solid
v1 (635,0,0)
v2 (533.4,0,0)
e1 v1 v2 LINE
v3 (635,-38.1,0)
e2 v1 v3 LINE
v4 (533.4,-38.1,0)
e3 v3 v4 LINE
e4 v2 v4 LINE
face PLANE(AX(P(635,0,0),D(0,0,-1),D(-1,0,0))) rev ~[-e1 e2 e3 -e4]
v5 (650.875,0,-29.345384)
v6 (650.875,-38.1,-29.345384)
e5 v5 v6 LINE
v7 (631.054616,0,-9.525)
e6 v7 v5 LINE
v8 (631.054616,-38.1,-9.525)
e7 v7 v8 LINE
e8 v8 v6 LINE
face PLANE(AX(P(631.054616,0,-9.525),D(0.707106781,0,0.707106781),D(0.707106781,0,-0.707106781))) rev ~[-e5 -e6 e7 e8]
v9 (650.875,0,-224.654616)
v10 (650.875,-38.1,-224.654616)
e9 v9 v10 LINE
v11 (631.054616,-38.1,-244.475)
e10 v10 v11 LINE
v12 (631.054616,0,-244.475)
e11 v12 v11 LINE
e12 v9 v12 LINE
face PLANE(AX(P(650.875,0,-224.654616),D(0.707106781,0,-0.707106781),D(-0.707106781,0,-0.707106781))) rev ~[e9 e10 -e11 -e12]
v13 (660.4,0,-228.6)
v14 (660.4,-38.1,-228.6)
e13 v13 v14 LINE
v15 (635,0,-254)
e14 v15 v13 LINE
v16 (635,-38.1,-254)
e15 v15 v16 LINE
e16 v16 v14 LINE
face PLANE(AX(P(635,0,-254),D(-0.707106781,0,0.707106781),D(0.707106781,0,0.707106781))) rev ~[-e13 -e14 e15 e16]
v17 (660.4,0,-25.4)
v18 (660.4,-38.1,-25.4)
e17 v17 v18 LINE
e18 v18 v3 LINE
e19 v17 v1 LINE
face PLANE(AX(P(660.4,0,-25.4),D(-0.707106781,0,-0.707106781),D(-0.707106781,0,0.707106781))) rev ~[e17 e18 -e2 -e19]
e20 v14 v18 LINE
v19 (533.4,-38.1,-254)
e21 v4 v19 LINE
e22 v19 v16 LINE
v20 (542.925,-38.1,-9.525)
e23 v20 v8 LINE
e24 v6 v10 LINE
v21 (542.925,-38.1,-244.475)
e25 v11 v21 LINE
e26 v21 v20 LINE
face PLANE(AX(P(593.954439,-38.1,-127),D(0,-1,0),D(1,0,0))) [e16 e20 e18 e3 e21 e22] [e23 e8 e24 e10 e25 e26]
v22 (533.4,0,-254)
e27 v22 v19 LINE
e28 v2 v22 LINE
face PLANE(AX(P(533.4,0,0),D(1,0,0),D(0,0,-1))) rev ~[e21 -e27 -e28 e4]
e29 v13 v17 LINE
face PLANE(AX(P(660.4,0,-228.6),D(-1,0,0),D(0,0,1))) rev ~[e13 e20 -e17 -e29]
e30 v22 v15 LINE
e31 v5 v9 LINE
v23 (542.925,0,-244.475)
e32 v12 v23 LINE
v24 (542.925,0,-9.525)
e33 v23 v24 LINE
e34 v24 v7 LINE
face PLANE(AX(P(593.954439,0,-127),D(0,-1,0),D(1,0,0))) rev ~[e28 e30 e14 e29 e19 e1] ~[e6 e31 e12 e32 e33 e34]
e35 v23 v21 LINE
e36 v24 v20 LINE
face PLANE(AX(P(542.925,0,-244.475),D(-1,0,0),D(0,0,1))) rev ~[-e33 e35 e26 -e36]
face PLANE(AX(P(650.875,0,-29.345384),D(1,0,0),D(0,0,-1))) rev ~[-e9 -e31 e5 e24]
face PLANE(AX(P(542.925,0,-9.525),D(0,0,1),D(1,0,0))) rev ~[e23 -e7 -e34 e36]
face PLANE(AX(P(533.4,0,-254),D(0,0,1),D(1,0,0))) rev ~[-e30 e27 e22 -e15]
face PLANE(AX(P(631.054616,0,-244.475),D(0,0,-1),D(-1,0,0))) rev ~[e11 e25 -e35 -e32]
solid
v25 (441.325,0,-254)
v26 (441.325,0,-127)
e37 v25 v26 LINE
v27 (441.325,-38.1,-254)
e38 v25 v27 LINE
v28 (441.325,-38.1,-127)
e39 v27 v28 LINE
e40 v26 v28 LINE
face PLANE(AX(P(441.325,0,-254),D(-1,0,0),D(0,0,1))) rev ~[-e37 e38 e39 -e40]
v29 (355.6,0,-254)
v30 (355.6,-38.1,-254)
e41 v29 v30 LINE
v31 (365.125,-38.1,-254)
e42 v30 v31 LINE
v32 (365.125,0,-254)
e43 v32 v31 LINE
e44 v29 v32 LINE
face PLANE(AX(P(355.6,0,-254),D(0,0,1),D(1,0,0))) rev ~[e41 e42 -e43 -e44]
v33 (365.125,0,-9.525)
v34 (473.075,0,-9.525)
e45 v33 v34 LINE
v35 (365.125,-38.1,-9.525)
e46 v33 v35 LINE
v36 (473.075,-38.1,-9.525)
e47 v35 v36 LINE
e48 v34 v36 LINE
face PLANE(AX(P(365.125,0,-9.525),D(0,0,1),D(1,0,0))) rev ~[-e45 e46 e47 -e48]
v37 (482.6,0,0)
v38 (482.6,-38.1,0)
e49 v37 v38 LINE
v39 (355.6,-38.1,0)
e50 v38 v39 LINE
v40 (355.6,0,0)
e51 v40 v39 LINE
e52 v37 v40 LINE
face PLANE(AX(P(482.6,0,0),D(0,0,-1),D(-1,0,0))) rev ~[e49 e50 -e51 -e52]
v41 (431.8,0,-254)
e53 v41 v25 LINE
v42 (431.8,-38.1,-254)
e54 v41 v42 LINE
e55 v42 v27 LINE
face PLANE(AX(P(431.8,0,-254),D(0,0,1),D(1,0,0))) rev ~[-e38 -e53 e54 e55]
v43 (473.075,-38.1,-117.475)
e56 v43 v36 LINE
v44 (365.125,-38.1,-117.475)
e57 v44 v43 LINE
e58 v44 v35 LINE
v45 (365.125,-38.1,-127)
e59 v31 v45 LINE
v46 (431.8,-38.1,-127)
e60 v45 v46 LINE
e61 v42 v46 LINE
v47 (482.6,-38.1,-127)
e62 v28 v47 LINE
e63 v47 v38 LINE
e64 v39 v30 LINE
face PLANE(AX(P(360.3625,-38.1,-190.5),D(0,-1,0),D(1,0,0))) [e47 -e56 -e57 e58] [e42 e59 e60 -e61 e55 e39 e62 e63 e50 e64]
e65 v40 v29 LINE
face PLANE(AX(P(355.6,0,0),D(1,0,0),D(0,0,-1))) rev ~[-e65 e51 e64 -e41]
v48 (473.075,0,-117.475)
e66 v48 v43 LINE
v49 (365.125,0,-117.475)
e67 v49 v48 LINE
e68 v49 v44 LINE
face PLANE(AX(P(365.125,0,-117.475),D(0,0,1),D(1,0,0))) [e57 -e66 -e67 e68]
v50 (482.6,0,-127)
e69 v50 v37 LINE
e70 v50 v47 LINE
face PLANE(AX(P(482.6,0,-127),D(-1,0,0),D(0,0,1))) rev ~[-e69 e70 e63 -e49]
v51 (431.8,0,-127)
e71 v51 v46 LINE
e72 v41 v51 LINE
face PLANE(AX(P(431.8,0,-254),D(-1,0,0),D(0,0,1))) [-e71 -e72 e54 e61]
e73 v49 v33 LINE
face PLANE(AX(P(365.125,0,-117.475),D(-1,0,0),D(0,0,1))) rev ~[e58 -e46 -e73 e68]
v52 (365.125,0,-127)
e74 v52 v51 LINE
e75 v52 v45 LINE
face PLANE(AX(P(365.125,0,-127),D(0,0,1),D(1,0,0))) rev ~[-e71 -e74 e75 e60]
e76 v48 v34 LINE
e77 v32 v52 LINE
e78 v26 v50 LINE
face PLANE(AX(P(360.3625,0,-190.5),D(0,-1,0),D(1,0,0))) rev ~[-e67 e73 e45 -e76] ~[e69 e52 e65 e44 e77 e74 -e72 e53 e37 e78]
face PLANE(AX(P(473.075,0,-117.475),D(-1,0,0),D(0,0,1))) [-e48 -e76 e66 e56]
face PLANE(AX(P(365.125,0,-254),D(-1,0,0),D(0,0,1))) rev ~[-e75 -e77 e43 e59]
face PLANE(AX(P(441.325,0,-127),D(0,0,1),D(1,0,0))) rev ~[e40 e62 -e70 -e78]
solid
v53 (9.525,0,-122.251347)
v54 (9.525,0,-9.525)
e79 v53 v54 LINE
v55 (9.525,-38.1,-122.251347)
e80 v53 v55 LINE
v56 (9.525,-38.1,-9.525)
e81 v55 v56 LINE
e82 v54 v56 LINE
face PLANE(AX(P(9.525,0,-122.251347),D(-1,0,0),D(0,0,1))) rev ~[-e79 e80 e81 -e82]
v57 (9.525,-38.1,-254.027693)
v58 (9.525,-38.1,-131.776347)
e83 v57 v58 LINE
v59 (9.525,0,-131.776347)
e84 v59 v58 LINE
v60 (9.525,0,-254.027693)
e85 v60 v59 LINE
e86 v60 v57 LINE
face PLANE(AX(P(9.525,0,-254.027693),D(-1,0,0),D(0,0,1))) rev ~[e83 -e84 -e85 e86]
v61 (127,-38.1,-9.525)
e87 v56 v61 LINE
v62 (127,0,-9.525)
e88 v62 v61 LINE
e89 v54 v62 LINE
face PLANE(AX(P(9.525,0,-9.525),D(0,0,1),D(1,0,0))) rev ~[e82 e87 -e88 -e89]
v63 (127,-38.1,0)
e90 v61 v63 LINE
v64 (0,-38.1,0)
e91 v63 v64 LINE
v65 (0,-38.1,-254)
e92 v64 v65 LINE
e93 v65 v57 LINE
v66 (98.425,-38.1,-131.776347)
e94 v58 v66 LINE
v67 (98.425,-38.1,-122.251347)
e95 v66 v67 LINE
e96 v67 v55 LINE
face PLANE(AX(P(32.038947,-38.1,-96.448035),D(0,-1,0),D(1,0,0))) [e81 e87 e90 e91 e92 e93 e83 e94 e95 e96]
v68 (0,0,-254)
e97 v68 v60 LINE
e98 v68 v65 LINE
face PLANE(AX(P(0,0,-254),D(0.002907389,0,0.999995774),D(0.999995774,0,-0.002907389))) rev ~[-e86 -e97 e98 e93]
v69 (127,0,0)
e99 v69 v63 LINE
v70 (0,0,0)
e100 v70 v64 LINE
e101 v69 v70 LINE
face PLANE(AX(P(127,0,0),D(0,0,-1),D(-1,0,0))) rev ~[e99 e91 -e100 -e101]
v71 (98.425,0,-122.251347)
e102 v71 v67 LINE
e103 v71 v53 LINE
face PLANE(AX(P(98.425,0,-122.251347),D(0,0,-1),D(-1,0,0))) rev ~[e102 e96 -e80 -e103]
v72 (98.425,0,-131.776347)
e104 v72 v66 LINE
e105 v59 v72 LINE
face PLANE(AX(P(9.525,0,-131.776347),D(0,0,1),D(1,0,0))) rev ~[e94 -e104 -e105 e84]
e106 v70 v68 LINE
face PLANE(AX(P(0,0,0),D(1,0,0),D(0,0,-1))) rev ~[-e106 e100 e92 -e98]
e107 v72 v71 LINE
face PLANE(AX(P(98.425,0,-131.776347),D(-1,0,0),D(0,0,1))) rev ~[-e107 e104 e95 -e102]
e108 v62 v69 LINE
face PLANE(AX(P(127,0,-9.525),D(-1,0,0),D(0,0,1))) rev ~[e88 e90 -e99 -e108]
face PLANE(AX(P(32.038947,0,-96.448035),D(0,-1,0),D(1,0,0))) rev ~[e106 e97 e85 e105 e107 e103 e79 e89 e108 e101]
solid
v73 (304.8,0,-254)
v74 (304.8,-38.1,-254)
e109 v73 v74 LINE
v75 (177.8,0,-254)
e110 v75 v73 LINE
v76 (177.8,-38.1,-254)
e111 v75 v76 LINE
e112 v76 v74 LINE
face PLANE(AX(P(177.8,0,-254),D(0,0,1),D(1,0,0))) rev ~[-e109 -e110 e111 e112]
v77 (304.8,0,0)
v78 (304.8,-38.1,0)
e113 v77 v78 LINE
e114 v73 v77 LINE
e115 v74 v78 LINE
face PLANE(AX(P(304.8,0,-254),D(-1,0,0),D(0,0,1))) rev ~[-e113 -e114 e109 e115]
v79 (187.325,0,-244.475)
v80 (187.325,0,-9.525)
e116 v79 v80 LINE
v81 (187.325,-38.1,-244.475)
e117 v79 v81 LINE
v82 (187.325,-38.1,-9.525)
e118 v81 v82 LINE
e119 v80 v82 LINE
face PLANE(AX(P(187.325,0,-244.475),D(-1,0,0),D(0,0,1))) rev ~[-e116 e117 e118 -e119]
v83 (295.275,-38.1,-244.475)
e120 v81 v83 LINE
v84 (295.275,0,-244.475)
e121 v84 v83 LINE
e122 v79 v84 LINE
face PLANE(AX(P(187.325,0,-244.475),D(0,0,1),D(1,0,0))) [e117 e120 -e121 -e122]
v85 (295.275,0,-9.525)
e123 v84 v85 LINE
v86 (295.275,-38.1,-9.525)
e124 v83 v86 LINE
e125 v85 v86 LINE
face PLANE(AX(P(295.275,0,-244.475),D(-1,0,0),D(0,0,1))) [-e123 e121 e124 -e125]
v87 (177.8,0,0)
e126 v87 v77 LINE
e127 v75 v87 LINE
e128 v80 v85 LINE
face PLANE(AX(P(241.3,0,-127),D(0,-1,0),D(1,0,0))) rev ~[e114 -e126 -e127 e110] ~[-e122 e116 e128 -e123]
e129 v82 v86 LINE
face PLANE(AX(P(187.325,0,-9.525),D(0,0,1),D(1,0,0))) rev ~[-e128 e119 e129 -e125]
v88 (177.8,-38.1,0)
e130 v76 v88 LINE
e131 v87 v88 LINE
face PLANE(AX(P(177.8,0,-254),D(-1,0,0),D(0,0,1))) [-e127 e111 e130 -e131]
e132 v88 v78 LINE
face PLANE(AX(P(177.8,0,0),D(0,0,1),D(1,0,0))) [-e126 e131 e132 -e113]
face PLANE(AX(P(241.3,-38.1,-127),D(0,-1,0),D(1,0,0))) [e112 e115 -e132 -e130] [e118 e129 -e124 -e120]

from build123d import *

# Parameters (mm, degrees)
F0_W     = 127
F0_H     = 254
F0_W_2   = 107.95
F0_H_2   = 234.95
F0_W_3   = 9.525
F0_H_3   = 127
F0_H_4   = 107.95
F1_DEPTH = 38.1


with BuildPart() as f1:
    # F0 (on Front) → F1 (new body)
    with BuildSketch(Plane.XZ):
        Polygon((127, 0), (0, 0), (0, -254), (9.525, -254.027693), (9.525, -131.776347), (98.425, -131.776347), (98.425, -122.251347), (9.525, -122.251347), (9.525, -9.525), (127, -9.525), align=None)
        with Locations((241.3, -127)):
            Rectangle(F0_W, F0_H)
        with Locations((241.3, -127)):
            Rectangle(F0_W_2, F0_H_2, mode=Mode.SUBTRACT)
        with Locations((360.3625, -190.5)):
            Rectangle(F0_W_3, F0_H_3)
        Polygon((355.6, 0), (355.6, -127), (365.125, -127), (431.8, -127), (441.325, -127), (482.6, -127), (482.6, 0), align=None)
        with Locations((419.1, -63.5)):
            Rectangle(F0_W_2, F0_H_4, mode=Mode.SUBTRACT)
        with Locations((436.5625, -190.5)):
            Rectangle(F0_W_3, F0_H_3)
        Polygon((635, 0), (533.4, 0), (533.4, -254), (635, -254), (660.4, -228.6), (660.4, -25.4), align=None)
        Polygon((631.054616, -9.525), (650.875, -29.345384), (650.875, -224.654616), (631.054616, -244.475), (542.925, -244.475), (542.925, -9.525), align=None, mode=Mode.SUBTRACT)
    extrude(amount=F1_DEPTH)


solid = f1.part
